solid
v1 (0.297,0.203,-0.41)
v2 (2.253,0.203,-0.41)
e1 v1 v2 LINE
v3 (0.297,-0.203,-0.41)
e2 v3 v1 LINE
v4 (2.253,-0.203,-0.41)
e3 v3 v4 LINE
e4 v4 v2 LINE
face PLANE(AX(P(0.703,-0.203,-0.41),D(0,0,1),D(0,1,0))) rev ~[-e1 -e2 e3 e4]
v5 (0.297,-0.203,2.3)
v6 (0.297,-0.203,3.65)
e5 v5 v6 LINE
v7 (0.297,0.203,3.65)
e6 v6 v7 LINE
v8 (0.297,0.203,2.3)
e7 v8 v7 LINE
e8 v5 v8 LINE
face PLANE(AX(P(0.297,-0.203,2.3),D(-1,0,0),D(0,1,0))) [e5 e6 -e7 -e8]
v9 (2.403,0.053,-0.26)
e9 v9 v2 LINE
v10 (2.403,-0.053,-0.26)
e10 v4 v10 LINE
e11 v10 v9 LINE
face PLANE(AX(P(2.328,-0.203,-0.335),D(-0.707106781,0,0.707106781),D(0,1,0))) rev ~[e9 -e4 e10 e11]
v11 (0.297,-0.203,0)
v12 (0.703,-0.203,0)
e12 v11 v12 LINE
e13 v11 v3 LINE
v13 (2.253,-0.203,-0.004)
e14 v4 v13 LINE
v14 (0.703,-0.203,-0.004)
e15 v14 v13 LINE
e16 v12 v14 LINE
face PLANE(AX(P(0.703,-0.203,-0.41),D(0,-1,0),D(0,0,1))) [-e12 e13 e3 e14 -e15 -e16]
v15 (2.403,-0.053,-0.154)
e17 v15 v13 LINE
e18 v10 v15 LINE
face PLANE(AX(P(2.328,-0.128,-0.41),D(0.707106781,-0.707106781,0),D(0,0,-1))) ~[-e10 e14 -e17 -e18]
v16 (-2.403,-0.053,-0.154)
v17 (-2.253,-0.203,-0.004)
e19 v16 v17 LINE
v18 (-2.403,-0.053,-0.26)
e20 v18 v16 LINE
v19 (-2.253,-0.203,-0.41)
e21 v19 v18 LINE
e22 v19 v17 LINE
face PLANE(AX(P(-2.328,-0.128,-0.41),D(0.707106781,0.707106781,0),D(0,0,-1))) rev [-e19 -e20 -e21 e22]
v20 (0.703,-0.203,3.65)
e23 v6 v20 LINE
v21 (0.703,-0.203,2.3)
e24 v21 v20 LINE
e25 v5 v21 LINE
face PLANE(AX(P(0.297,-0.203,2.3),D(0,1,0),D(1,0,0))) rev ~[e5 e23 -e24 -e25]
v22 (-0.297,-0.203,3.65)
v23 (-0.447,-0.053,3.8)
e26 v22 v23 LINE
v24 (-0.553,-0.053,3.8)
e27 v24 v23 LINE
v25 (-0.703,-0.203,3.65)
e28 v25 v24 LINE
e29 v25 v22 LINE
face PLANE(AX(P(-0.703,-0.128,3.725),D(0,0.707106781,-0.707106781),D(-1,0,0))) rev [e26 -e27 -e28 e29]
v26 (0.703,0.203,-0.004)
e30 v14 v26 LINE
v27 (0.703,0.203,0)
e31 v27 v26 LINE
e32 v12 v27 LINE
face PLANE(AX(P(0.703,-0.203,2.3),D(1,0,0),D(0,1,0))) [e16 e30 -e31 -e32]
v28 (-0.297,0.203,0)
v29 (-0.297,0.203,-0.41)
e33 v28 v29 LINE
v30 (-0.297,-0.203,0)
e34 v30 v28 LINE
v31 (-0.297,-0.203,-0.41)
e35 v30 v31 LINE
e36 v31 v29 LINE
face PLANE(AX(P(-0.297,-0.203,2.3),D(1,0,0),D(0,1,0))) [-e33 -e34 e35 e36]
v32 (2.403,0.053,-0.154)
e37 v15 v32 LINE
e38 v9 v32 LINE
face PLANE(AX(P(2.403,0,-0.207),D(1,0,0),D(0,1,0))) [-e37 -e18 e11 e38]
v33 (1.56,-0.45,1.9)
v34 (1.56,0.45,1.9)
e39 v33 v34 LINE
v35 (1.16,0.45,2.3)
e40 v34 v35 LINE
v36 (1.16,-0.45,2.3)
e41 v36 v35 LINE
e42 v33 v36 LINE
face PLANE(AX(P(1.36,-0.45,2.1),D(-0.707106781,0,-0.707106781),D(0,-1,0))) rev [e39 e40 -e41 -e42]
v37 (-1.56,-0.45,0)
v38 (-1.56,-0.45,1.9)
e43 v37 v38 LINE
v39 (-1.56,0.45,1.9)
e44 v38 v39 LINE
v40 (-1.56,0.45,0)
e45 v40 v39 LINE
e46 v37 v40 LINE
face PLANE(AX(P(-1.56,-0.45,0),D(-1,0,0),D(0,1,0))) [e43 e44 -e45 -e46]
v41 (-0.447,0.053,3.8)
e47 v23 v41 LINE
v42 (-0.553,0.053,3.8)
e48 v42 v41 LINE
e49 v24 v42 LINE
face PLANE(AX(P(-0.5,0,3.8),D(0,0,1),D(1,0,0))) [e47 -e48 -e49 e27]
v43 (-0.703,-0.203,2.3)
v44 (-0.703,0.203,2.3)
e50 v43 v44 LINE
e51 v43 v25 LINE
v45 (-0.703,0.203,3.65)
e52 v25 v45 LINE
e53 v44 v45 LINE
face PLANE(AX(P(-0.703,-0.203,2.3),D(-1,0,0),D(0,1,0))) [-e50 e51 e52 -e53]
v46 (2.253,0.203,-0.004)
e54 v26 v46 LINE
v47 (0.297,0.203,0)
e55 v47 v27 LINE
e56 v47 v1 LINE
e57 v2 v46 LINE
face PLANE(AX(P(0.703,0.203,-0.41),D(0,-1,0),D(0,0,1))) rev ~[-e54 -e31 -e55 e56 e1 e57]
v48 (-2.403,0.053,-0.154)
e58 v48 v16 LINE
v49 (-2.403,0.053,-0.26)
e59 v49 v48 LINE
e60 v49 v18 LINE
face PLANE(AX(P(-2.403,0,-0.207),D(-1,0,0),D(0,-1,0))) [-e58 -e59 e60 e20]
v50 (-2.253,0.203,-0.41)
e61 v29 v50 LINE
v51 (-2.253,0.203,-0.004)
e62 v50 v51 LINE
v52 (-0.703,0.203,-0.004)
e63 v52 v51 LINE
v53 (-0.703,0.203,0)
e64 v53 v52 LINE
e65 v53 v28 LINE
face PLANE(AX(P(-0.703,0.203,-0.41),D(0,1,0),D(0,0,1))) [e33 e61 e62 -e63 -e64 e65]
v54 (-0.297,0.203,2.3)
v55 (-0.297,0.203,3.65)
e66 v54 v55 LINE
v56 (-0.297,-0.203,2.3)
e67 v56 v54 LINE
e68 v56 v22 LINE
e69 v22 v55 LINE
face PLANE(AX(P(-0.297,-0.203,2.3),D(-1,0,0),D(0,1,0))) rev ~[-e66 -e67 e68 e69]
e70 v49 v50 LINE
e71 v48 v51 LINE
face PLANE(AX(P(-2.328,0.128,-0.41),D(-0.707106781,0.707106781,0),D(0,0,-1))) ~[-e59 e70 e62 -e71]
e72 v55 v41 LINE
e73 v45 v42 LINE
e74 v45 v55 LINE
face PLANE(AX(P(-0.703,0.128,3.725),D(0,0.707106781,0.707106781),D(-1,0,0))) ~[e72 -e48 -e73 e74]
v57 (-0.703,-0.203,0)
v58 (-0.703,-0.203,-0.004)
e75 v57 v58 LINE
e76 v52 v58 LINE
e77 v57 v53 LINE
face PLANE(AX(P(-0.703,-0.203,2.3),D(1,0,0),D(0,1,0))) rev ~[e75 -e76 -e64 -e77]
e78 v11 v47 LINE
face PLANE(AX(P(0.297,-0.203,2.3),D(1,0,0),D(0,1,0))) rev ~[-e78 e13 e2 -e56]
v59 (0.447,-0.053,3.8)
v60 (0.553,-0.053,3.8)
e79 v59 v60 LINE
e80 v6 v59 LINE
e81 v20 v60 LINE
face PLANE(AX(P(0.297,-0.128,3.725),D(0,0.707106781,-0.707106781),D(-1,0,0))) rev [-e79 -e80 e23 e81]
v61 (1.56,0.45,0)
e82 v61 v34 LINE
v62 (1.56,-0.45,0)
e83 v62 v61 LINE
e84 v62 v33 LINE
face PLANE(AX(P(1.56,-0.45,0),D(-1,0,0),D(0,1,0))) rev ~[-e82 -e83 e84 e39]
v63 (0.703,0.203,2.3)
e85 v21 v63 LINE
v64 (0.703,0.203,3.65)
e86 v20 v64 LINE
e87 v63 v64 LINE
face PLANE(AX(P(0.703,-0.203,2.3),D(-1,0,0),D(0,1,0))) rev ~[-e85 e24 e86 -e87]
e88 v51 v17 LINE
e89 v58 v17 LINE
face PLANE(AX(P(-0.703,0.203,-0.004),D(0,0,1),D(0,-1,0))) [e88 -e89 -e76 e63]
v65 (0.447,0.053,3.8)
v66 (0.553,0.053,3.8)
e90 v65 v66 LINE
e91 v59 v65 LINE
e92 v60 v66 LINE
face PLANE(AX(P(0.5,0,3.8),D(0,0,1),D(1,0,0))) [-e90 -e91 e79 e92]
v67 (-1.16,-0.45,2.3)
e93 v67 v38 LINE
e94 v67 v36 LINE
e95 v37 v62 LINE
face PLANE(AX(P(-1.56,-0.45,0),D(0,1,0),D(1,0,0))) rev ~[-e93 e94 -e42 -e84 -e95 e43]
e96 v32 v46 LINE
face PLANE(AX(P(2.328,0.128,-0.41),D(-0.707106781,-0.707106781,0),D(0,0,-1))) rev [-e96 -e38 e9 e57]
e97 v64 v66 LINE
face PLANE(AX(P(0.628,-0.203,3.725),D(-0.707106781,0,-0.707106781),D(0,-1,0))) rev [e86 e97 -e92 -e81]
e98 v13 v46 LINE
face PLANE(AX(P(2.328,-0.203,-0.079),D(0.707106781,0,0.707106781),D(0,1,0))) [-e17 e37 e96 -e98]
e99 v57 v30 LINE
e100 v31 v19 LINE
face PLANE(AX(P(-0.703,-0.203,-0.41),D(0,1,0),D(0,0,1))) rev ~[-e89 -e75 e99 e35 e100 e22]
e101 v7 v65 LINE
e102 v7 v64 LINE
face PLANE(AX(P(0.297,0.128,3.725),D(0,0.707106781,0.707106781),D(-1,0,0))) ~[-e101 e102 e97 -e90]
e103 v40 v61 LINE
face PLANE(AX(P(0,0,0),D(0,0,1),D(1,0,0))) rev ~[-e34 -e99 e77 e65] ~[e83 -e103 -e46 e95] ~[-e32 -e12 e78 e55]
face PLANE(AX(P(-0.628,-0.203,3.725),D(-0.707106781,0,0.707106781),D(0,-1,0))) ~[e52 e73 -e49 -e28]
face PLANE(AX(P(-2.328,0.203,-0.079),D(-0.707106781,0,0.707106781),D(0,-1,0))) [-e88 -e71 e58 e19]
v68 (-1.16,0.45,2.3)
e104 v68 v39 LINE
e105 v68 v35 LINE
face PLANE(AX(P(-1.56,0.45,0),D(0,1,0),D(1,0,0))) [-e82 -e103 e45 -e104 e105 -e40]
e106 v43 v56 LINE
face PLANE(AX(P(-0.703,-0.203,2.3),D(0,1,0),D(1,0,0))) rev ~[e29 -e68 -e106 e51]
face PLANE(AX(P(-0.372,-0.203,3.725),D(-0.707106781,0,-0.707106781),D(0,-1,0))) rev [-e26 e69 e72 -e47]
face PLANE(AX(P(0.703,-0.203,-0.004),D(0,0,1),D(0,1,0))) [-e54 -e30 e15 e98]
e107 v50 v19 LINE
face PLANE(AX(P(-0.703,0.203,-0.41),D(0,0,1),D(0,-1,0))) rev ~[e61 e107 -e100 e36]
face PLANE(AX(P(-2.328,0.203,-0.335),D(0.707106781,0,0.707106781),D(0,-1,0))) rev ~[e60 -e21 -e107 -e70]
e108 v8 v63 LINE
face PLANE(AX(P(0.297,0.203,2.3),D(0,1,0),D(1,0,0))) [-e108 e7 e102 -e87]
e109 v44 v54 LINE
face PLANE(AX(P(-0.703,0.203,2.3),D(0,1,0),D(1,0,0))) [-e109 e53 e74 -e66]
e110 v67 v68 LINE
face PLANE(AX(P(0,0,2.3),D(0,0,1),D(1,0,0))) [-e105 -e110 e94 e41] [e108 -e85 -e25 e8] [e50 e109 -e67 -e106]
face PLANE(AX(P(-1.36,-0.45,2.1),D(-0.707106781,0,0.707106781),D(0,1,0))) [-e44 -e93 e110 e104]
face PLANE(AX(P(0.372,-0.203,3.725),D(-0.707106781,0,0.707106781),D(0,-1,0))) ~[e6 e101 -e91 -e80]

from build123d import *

# Parameters (mm, degrees)
F0_W          = 3.12
F0_H          = 0.9
F1_DEPTH      = 2.3
F2_W          = 0.406
F2_H          = 0.406
F3_DEPTH      = 1.5
F3_DEPTH_BACK = 2.71
F4_W          = 0.406
F4_H          = 0.406
F5_DEPTH      = 1.7
F6_W          = 0.406
F6_H          = 0.406
F7_DEPTH      = 1.7
F8_SIZE       = 0.4
F9_SIZE       = 0.15


with BuildPart() as f1:
    # F0 (on Top) → F1 (new body)
    with BuildSketch(Plane.XY):
        Rectangle(F0_W, F0_H)
    extrude(amount=F1_DEPTH)

    # F2 (on face) → F3 (join, two sides)
    with BuildSketch(Plane.XY.offset(2.3)) as f3_sk:
        with Locations((-0.5, 0)):
            Rectangle(F2_W, F2_H)
        with Locations((0.5, 0)):
            Rectangle(F2_W, F2_H)
    extrude(amount=F3_DEPTH)
    extrude(f3_sk.sketch, amount=-F3_DEPTH_BACK)

    # F4 (on face) → F5 (join)
    with BuildSketch(Plane.YZ.offset(0.703)):
        with Locations((0, -0.207)):
            Rectangle(F4_W, F4_H)
    extrude(amount=F5_DEPTH)

    # F6 (on face) → F7 (join)
    with BuildSketch(Plane(origin=(-0.703, 0, 0), x_dir=(0, -1, 0), z_dir=(-1, 0, 0))):
        with Locations((0, -0.207)):
            Rectangle(F6_W, F6_H)
    extrude(amount=F7_DEPTH)

    # F8
    f8_edges = [f1.edges().sort_by_distance(p)[0] for p in [
        (1.56, 0, 2.3),
        (-1.56, 0, 2.3),
    ]]
    chamfer(f8_edges, length=F8_SIZE)

    # F9
    f9_edges = [f1.edges().sort_by_distance(p)[0] for p in [
        (-0.5, 0.203, 3.8),
        (0.5, 0.203, 3.8),
        (0.703, 0, 3.8),
        (0.5, -0.203, 3.8),
        (0.297, 0, 3.8),
        (-0.297, 0, 3.8),
        (-0.5, -0.203, 3.8),
        (-0.703, 0, 3.8),
        (2.403, 0, -0.004),
        (2.403, -0.203, -0.207),
        (2.403, 0, -0.41),
        (2.403, 0.203, -0.207),
        (-2.403, 0, -0.004),
        (-2.403, -0.203, -0.207),
        (-2.403, 0, -0.41),
        (-2.403, 0.203, -0.207),
    ]]
    chamfer(f9_edges, length=F9_SIZE)


solid = f1.part
